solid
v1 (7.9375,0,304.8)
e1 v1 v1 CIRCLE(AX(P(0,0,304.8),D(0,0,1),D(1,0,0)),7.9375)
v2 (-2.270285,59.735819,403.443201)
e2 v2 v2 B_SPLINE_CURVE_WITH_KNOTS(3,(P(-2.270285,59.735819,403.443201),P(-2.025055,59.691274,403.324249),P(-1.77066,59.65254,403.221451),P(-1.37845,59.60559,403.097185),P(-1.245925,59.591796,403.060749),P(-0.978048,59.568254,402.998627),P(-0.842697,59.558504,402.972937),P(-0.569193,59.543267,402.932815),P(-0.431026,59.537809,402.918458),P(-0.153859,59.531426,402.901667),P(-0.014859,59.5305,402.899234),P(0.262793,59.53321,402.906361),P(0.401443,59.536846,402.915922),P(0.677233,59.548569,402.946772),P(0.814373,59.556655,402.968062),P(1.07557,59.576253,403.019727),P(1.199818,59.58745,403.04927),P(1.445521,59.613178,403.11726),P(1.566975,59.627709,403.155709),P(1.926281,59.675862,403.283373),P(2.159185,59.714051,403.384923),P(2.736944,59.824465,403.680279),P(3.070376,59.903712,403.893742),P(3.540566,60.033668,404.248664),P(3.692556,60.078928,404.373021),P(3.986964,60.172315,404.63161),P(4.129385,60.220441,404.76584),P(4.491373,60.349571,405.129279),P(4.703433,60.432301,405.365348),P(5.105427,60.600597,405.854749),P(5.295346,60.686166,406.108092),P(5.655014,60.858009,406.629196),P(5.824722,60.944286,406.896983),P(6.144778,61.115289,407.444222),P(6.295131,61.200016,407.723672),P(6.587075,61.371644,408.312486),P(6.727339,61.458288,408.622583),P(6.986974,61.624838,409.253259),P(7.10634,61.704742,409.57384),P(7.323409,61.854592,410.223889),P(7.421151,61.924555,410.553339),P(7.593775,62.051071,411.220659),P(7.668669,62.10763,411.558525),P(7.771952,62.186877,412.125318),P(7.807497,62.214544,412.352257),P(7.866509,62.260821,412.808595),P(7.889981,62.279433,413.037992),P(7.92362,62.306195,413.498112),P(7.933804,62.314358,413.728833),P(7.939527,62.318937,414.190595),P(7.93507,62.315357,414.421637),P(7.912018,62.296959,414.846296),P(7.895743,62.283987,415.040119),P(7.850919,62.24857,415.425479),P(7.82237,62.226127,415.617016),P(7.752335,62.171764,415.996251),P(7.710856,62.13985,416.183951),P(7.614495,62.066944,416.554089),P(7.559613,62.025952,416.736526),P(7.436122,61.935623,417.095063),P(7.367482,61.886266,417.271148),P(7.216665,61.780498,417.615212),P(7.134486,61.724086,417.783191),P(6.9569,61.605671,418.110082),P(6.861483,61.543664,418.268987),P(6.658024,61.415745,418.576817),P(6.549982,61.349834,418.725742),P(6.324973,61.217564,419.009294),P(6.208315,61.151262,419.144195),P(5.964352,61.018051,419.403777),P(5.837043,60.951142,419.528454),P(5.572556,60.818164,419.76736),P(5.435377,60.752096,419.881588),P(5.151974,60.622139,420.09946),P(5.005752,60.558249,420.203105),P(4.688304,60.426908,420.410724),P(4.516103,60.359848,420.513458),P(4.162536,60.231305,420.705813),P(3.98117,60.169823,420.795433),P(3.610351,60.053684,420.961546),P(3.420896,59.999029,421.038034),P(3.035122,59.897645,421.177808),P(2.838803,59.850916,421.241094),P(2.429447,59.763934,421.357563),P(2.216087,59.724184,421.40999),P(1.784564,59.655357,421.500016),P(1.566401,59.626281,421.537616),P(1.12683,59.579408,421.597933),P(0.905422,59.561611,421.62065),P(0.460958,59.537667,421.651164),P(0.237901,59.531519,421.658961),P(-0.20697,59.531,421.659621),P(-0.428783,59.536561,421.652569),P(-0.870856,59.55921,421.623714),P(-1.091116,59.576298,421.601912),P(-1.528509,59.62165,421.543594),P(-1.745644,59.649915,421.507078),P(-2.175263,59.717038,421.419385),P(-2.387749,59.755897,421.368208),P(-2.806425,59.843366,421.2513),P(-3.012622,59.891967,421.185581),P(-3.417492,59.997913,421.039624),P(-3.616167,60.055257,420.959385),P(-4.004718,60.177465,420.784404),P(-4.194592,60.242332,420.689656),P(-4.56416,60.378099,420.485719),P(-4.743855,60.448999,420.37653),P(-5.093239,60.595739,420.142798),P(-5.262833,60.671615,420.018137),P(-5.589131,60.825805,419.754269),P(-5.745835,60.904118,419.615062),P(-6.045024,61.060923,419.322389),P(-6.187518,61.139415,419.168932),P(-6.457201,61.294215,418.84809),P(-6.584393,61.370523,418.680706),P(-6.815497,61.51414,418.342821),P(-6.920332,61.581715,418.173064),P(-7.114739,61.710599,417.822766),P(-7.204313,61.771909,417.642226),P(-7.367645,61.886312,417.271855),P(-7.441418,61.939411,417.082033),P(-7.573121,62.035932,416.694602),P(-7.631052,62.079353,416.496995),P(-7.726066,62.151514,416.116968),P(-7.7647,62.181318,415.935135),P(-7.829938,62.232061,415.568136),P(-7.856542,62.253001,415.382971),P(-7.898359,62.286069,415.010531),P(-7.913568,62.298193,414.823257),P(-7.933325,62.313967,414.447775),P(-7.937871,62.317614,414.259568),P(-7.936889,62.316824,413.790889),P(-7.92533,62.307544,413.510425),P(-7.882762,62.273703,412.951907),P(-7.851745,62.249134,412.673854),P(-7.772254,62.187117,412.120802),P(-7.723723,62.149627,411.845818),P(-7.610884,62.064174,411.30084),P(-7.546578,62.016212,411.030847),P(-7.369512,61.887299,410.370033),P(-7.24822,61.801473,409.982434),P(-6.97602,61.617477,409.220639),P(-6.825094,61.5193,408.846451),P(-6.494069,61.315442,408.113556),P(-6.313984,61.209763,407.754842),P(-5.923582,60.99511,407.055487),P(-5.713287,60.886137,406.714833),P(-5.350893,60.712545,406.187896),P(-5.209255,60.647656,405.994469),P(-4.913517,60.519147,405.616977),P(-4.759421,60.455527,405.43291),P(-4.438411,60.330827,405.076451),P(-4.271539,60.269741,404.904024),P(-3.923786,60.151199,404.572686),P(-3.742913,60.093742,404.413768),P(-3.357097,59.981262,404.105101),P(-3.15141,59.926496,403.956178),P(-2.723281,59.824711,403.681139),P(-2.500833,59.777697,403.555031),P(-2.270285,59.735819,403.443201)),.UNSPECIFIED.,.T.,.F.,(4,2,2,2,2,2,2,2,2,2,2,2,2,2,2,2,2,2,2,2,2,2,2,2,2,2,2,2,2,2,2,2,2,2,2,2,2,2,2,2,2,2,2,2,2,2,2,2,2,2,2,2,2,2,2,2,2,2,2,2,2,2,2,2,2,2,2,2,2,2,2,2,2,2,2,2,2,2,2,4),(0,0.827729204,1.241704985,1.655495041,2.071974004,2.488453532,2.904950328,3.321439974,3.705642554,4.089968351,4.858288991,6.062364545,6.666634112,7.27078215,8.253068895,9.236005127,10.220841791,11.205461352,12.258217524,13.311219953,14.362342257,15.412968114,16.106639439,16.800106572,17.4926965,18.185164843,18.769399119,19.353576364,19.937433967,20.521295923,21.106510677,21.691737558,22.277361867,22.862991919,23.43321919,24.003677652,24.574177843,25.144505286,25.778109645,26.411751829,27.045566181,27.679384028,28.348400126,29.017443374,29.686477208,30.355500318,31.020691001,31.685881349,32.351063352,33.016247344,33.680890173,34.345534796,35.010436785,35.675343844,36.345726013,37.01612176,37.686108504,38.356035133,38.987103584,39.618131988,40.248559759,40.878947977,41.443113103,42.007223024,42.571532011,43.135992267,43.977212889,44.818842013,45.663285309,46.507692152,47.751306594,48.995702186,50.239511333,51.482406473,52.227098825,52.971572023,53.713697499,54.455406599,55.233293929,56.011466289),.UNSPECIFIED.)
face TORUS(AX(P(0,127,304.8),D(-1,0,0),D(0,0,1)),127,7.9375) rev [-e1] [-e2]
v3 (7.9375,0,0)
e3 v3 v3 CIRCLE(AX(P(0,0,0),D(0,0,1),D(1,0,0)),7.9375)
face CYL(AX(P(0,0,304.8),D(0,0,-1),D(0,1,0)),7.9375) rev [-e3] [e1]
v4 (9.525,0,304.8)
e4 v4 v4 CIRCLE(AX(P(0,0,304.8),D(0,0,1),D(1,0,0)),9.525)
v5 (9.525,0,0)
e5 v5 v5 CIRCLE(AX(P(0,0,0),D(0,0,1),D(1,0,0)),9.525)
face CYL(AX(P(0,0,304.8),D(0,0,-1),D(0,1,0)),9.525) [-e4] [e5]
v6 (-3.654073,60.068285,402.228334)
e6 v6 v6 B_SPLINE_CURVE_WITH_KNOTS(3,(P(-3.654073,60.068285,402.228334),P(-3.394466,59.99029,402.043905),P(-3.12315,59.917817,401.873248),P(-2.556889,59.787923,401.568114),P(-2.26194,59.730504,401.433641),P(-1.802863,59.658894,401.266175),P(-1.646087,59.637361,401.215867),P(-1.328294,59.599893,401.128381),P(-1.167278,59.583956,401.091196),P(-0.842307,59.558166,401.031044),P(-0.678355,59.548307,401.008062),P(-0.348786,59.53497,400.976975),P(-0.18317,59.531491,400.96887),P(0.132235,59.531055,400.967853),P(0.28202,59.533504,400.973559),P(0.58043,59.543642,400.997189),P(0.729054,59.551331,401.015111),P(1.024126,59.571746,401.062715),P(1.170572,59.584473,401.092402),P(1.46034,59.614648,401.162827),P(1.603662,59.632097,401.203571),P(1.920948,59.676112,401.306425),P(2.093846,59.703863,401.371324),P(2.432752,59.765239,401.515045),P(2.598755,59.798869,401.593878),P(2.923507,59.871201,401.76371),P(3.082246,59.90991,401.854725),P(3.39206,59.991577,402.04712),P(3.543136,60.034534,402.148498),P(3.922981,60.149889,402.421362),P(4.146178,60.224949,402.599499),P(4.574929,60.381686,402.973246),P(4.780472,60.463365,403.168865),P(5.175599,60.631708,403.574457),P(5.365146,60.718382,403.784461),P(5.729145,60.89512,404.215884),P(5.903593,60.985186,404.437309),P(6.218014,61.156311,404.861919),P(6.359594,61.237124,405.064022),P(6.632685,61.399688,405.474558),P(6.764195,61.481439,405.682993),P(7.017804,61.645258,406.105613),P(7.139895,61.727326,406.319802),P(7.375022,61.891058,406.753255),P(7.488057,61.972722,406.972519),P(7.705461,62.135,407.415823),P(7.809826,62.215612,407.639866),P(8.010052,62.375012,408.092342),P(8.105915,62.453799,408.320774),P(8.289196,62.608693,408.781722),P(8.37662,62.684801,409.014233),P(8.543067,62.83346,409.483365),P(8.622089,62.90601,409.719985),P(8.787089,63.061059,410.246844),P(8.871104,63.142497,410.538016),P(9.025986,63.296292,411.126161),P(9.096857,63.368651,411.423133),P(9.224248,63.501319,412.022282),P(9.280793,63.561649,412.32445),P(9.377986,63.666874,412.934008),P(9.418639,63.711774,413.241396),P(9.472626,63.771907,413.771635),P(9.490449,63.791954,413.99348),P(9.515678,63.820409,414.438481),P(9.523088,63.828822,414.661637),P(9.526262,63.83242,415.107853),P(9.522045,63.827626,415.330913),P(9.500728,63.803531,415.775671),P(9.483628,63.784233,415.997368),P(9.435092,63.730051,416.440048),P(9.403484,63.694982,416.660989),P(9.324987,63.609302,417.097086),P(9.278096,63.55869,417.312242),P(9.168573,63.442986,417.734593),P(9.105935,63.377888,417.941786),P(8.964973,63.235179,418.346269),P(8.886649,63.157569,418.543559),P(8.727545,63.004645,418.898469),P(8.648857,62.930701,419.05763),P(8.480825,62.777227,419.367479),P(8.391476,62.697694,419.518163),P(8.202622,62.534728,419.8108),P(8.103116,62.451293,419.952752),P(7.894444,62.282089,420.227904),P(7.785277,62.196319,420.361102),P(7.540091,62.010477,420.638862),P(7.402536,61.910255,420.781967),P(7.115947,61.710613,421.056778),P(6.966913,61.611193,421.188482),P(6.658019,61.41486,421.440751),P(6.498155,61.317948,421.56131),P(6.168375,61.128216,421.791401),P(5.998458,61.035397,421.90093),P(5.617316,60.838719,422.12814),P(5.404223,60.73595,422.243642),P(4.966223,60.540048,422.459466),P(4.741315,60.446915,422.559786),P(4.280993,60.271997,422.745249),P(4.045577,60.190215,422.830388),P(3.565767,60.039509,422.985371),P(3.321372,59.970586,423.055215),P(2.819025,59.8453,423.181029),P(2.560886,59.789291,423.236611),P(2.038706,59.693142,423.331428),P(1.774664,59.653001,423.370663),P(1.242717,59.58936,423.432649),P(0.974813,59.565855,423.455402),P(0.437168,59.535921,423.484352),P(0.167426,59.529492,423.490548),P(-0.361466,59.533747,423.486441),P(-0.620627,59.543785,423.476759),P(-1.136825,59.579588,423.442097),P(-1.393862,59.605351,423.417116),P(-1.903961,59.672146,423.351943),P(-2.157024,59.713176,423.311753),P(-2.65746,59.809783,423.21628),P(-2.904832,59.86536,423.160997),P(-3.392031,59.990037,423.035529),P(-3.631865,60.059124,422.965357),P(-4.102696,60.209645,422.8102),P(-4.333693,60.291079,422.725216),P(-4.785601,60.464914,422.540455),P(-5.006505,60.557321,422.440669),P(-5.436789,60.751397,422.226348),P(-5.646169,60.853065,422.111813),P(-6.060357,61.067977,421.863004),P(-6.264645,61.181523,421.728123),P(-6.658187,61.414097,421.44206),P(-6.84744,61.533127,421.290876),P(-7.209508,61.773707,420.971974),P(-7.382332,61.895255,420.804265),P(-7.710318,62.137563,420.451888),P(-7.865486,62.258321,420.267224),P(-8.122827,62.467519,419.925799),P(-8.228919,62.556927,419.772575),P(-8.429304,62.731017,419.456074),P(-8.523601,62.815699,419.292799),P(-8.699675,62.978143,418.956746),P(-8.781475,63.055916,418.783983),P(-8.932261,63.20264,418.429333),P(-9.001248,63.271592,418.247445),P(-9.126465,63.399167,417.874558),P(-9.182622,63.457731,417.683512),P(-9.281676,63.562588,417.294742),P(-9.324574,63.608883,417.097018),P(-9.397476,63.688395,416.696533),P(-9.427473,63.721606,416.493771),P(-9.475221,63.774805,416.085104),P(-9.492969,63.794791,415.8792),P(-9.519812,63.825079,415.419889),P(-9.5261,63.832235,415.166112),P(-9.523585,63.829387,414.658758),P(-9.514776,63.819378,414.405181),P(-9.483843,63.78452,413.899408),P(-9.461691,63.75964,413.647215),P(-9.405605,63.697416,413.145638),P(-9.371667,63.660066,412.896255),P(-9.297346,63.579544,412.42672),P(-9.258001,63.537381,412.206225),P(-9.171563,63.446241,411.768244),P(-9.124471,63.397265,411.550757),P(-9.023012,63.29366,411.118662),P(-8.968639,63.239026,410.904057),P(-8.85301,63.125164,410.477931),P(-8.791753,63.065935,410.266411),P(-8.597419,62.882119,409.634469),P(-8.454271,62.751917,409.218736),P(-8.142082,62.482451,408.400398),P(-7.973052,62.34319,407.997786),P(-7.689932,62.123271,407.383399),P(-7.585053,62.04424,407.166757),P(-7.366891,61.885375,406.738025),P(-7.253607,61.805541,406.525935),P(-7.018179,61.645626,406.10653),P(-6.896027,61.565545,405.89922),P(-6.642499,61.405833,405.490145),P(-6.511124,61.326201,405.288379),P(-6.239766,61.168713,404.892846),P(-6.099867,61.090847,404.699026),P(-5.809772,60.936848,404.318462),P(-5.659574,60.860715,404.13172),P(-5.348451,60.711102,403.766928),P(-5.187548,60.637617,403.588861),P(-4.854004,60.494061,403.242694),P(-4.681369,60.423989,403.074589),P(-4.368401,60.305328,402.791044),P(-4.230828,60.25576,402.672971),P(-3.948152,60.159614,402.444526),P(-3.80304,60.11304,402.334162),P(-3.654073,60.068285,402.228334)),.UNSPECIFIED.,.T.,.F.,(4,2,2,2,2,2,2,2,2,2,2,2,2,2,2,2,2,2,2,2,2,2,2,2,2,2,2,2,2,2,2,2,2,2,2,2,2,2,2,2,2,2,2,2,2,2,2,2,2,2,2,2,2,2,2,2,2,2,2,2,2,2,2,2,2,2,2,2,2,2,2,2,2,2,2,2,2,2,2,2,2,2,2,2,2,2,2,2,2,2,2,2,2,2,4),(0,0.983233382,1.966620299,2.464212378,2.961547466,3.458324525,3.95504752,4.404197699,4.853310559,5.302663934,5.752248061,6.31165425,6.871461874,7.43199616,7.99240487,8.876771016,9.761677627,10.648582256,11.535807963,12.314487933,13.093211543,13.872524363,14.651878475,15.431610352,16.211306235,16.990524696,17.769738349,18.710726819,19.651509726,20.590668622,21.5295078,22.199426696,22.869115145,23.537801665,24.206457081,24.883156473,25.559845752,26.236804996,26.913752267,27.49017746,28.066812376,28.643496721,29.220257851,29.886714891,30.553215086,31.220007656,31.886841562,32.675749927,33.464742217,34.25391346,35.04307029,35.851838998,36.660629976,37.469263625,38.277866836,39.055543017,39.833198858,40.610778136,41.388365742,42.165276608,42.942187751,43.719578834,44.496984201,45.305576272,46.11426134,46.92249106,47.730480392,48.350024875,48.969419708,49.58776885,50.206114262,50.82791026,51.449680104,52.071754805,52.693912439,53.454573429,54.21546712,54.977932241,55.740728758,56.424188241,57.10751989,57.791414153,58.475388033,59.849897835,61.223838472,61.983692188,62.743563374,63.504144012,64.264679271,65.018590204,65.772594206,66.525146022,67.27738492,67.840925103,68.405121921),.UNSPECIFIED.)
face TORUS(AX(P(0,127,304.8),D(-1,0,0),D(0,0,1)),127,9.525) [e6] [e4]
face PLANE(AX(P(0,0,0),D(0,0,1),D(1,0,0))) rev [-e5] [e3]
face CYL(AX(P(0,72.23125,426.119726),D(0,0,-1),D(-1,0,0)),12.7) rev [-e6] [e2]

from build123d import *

# Parameters (mm, degrees)
SKETCH2_R          = 9.525
SKETCH2_R_2        = 7.9375
SKETCH5_R          = 12.7
CUT_EXTRUDE2_DEPTH = 32.061507661


with BuildPart() as part:
    # Sweep1: sweep along a path in Sketch3
    with BuildLine(Plane(origin=(0, 0, 0), x_dir=(0, 0, -1), z_dir=(1, 0, 0))) as sweep1_path:
        Line((0, 0), (-304.8, 0))
        ThreePointArc((-304.8, 0), (-370.874690339, 18.542011375), (-417.655559263, 68.753774857))
    # Sketch2 → Sweep1 (sweep)
    with BuildSketch(Plane.XY):
        Circle(SKETCH2_R)
        Circle(SKETCH2_R_2, mode=Mode.SUBTRACT)
    sweep(path=sweep1_path.line)

    # Sketch5 → Cut-Extrude2 (cut, through all)
    with BuildSketch(Plane(origin=(0, 0, 395.058218647), x_dir=(1, 1.32e-07, 0), z_dir=(0, 0, 1))):
        with Locations((9.499e-06, 72.23125)):
            Circle(SKETCH5_R)
    extrude(amount=CUT_EXTRUDE2_DEPTH, mode=Mode.SUBTRACT)


solid = part.part
